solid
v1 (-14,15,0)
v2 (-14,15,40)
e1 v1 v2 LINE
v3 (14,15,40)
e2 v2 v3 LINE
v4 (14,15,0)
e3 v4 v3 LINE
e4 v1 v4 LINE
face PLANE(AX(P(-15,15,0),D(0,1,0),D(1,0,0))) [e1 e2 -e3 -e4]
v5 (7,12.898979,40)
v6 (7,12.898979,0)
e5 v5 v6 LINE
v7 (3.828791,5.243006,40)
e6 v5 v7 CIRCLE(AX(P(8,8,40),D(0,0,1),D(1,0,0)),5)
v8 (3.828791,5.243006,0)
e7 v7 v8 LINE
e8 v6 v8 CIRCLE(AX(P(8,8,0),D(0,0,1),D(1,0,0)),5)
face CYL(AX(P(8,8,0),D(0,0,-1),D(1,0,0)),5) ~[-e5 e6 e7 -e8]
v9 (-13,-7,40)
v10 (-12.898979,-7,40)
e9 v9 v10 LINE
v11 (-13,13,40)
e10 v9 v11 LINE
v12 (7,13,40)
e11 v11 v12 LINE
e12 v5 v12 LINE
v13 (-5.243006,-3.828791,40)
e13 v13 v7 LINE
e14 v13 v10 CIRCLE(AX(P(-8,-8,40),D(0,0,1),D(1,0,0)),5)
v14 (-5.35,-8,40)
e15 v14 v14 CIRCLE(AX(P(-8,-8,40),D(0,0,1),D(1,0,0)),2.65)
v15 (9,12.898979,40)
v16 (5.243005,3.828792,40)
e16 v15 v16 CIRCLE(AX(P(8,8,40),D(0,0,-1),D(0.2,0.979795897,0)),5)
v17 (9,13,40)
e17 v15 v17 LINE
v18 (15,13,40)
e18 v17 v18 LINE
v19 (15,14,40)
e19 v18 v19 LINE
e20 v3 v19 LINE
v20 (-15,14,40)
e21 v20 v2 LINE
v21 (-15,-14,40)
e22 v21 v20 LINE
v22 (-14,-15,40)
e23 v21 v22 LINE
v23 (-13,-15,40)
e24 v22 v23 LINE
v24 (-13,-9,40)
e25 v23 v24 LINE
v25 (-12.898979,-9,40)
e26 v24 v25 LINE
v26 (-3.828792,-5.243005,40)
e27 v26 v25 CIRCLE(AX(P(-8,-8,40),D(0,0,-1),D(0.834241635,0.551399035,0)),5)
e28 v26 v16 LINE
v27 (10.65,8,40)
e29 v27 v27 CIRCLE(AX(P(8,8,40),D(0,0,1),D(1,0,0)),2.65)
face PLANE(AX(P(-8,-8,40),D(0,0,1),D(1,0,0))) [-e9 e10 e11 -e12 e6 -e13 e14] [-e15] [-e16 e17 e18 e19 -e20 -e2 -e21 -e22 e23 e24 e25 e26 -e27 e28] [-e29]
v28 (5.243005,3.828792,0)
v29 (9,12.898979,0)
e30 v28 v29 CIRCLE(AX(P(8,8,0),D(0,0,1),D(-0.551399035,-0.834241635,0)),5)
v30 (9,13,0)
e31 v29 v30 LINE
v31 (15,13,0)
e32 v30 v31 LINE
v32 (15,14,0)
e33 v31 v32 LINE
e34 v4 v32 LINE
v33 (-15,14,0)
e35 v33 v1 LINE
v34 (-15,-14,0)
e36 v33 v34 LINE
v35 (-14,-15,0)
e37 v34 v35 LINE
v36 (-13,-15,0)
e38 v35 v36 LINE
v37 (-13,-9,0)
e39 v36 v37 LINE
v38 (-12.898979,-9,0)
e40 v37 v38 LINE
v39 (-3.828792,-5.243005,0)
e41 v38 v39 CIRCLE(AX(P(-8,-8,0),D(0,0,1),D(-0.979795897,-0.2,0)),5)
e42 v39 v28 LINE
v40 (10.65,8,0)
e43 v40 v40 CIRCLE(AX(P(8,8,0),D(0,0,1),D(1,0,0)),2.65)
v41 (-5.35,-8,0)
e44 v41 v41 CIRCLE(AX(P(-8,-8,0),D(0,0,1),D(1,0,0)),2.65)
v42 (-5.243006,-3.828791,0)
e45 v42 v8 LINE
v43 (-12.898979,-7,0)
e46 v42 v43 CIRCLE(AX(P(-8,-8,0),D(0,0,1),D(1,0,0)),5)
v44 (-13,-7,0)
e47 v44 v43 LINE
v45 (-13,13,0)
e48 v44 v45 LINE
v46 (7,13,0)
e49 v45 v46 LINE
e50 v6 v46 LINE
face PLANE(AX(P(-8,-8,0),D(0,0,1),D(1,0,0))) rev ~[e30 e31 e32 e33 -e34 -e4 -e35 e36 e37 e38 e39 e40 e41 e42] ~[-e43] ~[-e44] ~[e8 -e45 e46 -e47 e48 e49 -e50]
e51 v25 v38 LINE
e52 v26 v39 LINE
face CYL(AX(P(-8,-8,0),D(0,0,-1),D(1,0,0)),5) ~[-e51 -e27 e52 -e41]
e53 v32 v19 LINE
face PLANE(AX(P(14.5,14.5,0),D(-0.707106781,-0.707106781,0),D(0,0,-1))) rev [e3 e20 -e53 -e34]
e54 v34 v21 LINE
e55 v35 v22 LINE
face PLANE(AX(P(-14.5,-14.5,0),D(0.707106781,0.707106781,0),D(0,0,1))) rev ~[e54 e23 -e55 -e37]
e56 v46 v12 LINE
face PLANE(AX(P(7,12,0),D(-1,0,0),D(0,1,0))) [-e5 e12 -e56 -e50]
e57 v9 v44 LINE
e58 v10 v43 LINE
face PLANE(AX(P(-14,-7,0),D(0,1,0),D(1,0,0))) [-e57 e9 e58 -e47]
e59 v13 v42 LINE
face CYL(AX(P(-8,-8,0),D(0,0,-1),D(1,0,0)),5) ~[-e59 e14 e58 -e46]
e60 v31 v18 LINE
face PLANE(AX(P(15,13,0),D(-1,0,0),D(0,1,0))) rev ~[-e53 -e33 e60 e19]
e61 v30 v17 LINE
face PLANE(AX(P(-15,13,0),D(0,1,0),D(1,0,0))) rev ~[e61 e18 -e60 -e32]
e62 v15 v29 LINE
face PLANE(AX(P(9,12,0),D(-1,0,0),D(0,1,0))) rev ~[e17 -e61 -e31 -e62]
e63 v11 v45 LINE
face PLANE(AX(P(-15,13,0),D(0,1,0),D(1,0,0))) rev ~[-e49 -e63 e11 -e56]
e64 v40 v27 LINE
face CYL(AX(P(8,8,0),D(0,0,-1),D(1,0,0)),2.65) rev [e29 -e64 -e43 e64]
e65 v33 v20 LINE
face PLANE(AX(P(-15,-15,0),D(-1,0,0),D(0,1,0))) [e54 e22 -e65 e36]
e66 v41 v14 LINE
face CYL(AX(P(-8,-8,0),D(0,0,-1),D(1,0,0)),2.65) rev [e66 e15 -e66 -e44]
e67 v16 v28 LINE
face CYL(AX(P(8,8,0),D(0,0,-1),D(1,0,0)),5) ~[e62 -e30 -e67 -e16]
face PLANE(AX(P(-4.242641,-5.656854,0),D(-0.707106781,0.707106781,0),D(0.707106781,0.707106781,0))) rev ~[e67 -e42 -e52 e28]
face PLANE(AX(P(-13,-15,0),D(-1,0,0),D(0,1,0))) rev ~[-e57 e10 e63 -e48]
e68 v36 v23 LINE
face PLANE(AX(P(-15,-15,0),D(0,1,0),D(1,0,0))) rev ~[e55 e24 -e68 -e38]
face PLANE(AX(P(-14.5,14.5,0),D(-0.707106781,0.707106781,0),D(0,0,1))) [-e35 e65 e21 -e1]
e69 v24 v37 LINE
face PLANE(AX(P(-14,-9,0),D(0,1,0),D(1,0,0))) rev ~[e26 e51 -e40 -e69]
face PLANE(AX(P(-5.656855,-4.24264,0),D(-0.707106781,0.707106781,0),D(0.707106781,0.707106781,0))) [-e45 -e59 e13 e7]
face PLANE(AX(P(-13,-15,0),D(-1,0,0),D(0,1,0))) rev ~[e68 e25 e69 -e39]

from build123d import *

# Parameters (mm, degrees)
CYLINDER062_R          = 2.65
CYLINDER062_DEPTH      = 40
CYLINDER061_R          = 2.65
CYLINDER061_DEPTH      = 40
BOX052_W               = 2
BOX052_H               = 2
BOX052_DEPTH           = 40
BOX051_W               = 2
BOX051_H               = 2
BOX051_DEPTH           = 40
BOX050_W               = 14
BOX050_H               = 2
BOX050_DEPTH           = 40
BOX050_PLACEMENT_ANGLE = 45
CYLINDER059_R          = 5
CYLINDER059_DEPTH      = 40
CYLINDER060_R          = 5
CYLINDER060_DEPTH      = 40
BOX049_W               = 30
BOX049_H               = 2
BOX049_DEPTH           = 40
BOX048_W               = 2
BOX048_H               = 30
BOX048_DEPTH           = 40
CHAMFER006044_SIZE     = 1


with BuildPart() as cylinder062:
    # Cylinder062 → Cylinder062 (new body)
    with BuildSketch(Plane(origin=(8, 8, 0), x_dir=(1, 0, 0), z_dir=(0, 0, 1))):
        Circle(CYLINDER062_R)
    extrude(amount=CYLINDER062_DEPTH)


with BuildPart() as fusion020006007003002009018004004020009:
    # Cylinder061 → Cylinder061 (new body)
    with BuildSketch(Plane(origin=(-8, -8, 0), x_dir=(1, 0, 0), z_dir=(0, 0, 1))):
        Circle(CYLINDER061_R)
    extrude(amount=CYLINDER061_DEPTH)

    # Fusion020006007003002009018004004020009: union Cylinder062
    add(cylinder062.part)


with BuildPart() as cube052:
    # Box052 → Box052 (new body)
    with BuildSketch(Plane(origin=(7, 12, 0), x_dir=(1, 0, 0), z_dir=(0, 0, 1))):
        with Locations((1, 1)):
            Rectangle(BOX052_W, BOX052_H)
    extrude(amount=BOX052_DEPTH)


with BuildPart() as cube051:
    # Box051 → Box051 (new body)
    with BuildSketch(Plane(origin=(-14, -9, 0), x_dir=(1, 0, 0), z_dir=(0, 0, 1))):
        with Locations((1, 1)):
            Rectangle(BOX051_W, BOX051_H)
    extrude(amount=BOX051_DEPTH)


with BuildPart() as cube050:
    # Box050 → Box050 (new body)
    with BuildSketch(Plane.XY):
        with Locations((7, 1)):
            Rectangle(BOX050_W, BOX050_H)
    extrude(amount=BOX050_DEPTH)


with BuildPart() as cube050_1:
    # Box050 placement: moved
    add(cube050.part.moved(Location((-4.242641, -5.656854, 0))).rotate(Axis((-4.242641, -5.656854, 0), (0, 0, 1)), BOX050_PLACEMENT_ANGLE))


with BuildPart() as cylinder059:
    # Cylinder059 → Cylinder059 (new body)
    with BuildSketch(Plane(origin=(8, 8, 0), x_dir=(1, 0, 0), z_dir=(0, 0, 1))):
        Circle(CYLINDER059_R)
    extrude(amount=CYLINDER059_DEPTH)


with BuildPart() as cylinder060:
    # Cylinder060 → Cylinder060 (new body)
    with BuildSketch(Plane(origin=(-8, -8, 0), x_dir=(1, 0, 0), z_dir=(0, 0, 1))):
        Circle(CYLINDER060_R)
    extrude(amount=CYLINDER060_DEPTH)


with BuildPart() as cube049:
    # Box049 → Box049 (new body)
    with BuildSketch(Plane(origin=(-15, 13, 0), x_dir=(1, 0, 0), z_dir=(0, 0, 1))):
        with Locations((15, 1)):
            Rectangle(BOX049_W, BOX049_H)
    extrude(amount=BOX049_DEPTH)


with BuildPart() as corner_40mm_wall:
    # Box048 → Box048 (new body)
    with BuildSketch(Plane(origin=(-15, -15, 0), x_dir=(1, 0, 0), z_dir=(0, 0, 1))):
        with Locations((1, 15)):
            Rectangle(BOX048_W, BOX048_H)
    extrude(amount=BOX048_DEPTH)

    # Fusion020006007003002009018004004020007: union Cube049
    add(cube049.part)

    # Chamfer006044
    chamfer006044_edges = [corner_40mm_wall.edges().sort_by_distance(p)[0] for p in [
        (-15, -15, 20),
        (-15, 15, 20),
        (15, 15, 20),
    ]]
    chamfer(chamfer006044_edges, length=CHAMFER006044_SIZE)

    # Fusion020006007003002009018004004020008: union Cube052, Cube051, Cube050, Cylinder059, Cylinder060
    add(cube052.part)
    add(cube051.part)
    add(cube050_1.part)
    add(cylinder059.part)
    add(cylinder060.part)

    # Cut019003010003: cut Fusion020006007003002009018004004020009
    add(fusion020006007003002009018004004020009.part, mode=Mode.SUBTRACT)


solid = corner_40mm_wall.part
